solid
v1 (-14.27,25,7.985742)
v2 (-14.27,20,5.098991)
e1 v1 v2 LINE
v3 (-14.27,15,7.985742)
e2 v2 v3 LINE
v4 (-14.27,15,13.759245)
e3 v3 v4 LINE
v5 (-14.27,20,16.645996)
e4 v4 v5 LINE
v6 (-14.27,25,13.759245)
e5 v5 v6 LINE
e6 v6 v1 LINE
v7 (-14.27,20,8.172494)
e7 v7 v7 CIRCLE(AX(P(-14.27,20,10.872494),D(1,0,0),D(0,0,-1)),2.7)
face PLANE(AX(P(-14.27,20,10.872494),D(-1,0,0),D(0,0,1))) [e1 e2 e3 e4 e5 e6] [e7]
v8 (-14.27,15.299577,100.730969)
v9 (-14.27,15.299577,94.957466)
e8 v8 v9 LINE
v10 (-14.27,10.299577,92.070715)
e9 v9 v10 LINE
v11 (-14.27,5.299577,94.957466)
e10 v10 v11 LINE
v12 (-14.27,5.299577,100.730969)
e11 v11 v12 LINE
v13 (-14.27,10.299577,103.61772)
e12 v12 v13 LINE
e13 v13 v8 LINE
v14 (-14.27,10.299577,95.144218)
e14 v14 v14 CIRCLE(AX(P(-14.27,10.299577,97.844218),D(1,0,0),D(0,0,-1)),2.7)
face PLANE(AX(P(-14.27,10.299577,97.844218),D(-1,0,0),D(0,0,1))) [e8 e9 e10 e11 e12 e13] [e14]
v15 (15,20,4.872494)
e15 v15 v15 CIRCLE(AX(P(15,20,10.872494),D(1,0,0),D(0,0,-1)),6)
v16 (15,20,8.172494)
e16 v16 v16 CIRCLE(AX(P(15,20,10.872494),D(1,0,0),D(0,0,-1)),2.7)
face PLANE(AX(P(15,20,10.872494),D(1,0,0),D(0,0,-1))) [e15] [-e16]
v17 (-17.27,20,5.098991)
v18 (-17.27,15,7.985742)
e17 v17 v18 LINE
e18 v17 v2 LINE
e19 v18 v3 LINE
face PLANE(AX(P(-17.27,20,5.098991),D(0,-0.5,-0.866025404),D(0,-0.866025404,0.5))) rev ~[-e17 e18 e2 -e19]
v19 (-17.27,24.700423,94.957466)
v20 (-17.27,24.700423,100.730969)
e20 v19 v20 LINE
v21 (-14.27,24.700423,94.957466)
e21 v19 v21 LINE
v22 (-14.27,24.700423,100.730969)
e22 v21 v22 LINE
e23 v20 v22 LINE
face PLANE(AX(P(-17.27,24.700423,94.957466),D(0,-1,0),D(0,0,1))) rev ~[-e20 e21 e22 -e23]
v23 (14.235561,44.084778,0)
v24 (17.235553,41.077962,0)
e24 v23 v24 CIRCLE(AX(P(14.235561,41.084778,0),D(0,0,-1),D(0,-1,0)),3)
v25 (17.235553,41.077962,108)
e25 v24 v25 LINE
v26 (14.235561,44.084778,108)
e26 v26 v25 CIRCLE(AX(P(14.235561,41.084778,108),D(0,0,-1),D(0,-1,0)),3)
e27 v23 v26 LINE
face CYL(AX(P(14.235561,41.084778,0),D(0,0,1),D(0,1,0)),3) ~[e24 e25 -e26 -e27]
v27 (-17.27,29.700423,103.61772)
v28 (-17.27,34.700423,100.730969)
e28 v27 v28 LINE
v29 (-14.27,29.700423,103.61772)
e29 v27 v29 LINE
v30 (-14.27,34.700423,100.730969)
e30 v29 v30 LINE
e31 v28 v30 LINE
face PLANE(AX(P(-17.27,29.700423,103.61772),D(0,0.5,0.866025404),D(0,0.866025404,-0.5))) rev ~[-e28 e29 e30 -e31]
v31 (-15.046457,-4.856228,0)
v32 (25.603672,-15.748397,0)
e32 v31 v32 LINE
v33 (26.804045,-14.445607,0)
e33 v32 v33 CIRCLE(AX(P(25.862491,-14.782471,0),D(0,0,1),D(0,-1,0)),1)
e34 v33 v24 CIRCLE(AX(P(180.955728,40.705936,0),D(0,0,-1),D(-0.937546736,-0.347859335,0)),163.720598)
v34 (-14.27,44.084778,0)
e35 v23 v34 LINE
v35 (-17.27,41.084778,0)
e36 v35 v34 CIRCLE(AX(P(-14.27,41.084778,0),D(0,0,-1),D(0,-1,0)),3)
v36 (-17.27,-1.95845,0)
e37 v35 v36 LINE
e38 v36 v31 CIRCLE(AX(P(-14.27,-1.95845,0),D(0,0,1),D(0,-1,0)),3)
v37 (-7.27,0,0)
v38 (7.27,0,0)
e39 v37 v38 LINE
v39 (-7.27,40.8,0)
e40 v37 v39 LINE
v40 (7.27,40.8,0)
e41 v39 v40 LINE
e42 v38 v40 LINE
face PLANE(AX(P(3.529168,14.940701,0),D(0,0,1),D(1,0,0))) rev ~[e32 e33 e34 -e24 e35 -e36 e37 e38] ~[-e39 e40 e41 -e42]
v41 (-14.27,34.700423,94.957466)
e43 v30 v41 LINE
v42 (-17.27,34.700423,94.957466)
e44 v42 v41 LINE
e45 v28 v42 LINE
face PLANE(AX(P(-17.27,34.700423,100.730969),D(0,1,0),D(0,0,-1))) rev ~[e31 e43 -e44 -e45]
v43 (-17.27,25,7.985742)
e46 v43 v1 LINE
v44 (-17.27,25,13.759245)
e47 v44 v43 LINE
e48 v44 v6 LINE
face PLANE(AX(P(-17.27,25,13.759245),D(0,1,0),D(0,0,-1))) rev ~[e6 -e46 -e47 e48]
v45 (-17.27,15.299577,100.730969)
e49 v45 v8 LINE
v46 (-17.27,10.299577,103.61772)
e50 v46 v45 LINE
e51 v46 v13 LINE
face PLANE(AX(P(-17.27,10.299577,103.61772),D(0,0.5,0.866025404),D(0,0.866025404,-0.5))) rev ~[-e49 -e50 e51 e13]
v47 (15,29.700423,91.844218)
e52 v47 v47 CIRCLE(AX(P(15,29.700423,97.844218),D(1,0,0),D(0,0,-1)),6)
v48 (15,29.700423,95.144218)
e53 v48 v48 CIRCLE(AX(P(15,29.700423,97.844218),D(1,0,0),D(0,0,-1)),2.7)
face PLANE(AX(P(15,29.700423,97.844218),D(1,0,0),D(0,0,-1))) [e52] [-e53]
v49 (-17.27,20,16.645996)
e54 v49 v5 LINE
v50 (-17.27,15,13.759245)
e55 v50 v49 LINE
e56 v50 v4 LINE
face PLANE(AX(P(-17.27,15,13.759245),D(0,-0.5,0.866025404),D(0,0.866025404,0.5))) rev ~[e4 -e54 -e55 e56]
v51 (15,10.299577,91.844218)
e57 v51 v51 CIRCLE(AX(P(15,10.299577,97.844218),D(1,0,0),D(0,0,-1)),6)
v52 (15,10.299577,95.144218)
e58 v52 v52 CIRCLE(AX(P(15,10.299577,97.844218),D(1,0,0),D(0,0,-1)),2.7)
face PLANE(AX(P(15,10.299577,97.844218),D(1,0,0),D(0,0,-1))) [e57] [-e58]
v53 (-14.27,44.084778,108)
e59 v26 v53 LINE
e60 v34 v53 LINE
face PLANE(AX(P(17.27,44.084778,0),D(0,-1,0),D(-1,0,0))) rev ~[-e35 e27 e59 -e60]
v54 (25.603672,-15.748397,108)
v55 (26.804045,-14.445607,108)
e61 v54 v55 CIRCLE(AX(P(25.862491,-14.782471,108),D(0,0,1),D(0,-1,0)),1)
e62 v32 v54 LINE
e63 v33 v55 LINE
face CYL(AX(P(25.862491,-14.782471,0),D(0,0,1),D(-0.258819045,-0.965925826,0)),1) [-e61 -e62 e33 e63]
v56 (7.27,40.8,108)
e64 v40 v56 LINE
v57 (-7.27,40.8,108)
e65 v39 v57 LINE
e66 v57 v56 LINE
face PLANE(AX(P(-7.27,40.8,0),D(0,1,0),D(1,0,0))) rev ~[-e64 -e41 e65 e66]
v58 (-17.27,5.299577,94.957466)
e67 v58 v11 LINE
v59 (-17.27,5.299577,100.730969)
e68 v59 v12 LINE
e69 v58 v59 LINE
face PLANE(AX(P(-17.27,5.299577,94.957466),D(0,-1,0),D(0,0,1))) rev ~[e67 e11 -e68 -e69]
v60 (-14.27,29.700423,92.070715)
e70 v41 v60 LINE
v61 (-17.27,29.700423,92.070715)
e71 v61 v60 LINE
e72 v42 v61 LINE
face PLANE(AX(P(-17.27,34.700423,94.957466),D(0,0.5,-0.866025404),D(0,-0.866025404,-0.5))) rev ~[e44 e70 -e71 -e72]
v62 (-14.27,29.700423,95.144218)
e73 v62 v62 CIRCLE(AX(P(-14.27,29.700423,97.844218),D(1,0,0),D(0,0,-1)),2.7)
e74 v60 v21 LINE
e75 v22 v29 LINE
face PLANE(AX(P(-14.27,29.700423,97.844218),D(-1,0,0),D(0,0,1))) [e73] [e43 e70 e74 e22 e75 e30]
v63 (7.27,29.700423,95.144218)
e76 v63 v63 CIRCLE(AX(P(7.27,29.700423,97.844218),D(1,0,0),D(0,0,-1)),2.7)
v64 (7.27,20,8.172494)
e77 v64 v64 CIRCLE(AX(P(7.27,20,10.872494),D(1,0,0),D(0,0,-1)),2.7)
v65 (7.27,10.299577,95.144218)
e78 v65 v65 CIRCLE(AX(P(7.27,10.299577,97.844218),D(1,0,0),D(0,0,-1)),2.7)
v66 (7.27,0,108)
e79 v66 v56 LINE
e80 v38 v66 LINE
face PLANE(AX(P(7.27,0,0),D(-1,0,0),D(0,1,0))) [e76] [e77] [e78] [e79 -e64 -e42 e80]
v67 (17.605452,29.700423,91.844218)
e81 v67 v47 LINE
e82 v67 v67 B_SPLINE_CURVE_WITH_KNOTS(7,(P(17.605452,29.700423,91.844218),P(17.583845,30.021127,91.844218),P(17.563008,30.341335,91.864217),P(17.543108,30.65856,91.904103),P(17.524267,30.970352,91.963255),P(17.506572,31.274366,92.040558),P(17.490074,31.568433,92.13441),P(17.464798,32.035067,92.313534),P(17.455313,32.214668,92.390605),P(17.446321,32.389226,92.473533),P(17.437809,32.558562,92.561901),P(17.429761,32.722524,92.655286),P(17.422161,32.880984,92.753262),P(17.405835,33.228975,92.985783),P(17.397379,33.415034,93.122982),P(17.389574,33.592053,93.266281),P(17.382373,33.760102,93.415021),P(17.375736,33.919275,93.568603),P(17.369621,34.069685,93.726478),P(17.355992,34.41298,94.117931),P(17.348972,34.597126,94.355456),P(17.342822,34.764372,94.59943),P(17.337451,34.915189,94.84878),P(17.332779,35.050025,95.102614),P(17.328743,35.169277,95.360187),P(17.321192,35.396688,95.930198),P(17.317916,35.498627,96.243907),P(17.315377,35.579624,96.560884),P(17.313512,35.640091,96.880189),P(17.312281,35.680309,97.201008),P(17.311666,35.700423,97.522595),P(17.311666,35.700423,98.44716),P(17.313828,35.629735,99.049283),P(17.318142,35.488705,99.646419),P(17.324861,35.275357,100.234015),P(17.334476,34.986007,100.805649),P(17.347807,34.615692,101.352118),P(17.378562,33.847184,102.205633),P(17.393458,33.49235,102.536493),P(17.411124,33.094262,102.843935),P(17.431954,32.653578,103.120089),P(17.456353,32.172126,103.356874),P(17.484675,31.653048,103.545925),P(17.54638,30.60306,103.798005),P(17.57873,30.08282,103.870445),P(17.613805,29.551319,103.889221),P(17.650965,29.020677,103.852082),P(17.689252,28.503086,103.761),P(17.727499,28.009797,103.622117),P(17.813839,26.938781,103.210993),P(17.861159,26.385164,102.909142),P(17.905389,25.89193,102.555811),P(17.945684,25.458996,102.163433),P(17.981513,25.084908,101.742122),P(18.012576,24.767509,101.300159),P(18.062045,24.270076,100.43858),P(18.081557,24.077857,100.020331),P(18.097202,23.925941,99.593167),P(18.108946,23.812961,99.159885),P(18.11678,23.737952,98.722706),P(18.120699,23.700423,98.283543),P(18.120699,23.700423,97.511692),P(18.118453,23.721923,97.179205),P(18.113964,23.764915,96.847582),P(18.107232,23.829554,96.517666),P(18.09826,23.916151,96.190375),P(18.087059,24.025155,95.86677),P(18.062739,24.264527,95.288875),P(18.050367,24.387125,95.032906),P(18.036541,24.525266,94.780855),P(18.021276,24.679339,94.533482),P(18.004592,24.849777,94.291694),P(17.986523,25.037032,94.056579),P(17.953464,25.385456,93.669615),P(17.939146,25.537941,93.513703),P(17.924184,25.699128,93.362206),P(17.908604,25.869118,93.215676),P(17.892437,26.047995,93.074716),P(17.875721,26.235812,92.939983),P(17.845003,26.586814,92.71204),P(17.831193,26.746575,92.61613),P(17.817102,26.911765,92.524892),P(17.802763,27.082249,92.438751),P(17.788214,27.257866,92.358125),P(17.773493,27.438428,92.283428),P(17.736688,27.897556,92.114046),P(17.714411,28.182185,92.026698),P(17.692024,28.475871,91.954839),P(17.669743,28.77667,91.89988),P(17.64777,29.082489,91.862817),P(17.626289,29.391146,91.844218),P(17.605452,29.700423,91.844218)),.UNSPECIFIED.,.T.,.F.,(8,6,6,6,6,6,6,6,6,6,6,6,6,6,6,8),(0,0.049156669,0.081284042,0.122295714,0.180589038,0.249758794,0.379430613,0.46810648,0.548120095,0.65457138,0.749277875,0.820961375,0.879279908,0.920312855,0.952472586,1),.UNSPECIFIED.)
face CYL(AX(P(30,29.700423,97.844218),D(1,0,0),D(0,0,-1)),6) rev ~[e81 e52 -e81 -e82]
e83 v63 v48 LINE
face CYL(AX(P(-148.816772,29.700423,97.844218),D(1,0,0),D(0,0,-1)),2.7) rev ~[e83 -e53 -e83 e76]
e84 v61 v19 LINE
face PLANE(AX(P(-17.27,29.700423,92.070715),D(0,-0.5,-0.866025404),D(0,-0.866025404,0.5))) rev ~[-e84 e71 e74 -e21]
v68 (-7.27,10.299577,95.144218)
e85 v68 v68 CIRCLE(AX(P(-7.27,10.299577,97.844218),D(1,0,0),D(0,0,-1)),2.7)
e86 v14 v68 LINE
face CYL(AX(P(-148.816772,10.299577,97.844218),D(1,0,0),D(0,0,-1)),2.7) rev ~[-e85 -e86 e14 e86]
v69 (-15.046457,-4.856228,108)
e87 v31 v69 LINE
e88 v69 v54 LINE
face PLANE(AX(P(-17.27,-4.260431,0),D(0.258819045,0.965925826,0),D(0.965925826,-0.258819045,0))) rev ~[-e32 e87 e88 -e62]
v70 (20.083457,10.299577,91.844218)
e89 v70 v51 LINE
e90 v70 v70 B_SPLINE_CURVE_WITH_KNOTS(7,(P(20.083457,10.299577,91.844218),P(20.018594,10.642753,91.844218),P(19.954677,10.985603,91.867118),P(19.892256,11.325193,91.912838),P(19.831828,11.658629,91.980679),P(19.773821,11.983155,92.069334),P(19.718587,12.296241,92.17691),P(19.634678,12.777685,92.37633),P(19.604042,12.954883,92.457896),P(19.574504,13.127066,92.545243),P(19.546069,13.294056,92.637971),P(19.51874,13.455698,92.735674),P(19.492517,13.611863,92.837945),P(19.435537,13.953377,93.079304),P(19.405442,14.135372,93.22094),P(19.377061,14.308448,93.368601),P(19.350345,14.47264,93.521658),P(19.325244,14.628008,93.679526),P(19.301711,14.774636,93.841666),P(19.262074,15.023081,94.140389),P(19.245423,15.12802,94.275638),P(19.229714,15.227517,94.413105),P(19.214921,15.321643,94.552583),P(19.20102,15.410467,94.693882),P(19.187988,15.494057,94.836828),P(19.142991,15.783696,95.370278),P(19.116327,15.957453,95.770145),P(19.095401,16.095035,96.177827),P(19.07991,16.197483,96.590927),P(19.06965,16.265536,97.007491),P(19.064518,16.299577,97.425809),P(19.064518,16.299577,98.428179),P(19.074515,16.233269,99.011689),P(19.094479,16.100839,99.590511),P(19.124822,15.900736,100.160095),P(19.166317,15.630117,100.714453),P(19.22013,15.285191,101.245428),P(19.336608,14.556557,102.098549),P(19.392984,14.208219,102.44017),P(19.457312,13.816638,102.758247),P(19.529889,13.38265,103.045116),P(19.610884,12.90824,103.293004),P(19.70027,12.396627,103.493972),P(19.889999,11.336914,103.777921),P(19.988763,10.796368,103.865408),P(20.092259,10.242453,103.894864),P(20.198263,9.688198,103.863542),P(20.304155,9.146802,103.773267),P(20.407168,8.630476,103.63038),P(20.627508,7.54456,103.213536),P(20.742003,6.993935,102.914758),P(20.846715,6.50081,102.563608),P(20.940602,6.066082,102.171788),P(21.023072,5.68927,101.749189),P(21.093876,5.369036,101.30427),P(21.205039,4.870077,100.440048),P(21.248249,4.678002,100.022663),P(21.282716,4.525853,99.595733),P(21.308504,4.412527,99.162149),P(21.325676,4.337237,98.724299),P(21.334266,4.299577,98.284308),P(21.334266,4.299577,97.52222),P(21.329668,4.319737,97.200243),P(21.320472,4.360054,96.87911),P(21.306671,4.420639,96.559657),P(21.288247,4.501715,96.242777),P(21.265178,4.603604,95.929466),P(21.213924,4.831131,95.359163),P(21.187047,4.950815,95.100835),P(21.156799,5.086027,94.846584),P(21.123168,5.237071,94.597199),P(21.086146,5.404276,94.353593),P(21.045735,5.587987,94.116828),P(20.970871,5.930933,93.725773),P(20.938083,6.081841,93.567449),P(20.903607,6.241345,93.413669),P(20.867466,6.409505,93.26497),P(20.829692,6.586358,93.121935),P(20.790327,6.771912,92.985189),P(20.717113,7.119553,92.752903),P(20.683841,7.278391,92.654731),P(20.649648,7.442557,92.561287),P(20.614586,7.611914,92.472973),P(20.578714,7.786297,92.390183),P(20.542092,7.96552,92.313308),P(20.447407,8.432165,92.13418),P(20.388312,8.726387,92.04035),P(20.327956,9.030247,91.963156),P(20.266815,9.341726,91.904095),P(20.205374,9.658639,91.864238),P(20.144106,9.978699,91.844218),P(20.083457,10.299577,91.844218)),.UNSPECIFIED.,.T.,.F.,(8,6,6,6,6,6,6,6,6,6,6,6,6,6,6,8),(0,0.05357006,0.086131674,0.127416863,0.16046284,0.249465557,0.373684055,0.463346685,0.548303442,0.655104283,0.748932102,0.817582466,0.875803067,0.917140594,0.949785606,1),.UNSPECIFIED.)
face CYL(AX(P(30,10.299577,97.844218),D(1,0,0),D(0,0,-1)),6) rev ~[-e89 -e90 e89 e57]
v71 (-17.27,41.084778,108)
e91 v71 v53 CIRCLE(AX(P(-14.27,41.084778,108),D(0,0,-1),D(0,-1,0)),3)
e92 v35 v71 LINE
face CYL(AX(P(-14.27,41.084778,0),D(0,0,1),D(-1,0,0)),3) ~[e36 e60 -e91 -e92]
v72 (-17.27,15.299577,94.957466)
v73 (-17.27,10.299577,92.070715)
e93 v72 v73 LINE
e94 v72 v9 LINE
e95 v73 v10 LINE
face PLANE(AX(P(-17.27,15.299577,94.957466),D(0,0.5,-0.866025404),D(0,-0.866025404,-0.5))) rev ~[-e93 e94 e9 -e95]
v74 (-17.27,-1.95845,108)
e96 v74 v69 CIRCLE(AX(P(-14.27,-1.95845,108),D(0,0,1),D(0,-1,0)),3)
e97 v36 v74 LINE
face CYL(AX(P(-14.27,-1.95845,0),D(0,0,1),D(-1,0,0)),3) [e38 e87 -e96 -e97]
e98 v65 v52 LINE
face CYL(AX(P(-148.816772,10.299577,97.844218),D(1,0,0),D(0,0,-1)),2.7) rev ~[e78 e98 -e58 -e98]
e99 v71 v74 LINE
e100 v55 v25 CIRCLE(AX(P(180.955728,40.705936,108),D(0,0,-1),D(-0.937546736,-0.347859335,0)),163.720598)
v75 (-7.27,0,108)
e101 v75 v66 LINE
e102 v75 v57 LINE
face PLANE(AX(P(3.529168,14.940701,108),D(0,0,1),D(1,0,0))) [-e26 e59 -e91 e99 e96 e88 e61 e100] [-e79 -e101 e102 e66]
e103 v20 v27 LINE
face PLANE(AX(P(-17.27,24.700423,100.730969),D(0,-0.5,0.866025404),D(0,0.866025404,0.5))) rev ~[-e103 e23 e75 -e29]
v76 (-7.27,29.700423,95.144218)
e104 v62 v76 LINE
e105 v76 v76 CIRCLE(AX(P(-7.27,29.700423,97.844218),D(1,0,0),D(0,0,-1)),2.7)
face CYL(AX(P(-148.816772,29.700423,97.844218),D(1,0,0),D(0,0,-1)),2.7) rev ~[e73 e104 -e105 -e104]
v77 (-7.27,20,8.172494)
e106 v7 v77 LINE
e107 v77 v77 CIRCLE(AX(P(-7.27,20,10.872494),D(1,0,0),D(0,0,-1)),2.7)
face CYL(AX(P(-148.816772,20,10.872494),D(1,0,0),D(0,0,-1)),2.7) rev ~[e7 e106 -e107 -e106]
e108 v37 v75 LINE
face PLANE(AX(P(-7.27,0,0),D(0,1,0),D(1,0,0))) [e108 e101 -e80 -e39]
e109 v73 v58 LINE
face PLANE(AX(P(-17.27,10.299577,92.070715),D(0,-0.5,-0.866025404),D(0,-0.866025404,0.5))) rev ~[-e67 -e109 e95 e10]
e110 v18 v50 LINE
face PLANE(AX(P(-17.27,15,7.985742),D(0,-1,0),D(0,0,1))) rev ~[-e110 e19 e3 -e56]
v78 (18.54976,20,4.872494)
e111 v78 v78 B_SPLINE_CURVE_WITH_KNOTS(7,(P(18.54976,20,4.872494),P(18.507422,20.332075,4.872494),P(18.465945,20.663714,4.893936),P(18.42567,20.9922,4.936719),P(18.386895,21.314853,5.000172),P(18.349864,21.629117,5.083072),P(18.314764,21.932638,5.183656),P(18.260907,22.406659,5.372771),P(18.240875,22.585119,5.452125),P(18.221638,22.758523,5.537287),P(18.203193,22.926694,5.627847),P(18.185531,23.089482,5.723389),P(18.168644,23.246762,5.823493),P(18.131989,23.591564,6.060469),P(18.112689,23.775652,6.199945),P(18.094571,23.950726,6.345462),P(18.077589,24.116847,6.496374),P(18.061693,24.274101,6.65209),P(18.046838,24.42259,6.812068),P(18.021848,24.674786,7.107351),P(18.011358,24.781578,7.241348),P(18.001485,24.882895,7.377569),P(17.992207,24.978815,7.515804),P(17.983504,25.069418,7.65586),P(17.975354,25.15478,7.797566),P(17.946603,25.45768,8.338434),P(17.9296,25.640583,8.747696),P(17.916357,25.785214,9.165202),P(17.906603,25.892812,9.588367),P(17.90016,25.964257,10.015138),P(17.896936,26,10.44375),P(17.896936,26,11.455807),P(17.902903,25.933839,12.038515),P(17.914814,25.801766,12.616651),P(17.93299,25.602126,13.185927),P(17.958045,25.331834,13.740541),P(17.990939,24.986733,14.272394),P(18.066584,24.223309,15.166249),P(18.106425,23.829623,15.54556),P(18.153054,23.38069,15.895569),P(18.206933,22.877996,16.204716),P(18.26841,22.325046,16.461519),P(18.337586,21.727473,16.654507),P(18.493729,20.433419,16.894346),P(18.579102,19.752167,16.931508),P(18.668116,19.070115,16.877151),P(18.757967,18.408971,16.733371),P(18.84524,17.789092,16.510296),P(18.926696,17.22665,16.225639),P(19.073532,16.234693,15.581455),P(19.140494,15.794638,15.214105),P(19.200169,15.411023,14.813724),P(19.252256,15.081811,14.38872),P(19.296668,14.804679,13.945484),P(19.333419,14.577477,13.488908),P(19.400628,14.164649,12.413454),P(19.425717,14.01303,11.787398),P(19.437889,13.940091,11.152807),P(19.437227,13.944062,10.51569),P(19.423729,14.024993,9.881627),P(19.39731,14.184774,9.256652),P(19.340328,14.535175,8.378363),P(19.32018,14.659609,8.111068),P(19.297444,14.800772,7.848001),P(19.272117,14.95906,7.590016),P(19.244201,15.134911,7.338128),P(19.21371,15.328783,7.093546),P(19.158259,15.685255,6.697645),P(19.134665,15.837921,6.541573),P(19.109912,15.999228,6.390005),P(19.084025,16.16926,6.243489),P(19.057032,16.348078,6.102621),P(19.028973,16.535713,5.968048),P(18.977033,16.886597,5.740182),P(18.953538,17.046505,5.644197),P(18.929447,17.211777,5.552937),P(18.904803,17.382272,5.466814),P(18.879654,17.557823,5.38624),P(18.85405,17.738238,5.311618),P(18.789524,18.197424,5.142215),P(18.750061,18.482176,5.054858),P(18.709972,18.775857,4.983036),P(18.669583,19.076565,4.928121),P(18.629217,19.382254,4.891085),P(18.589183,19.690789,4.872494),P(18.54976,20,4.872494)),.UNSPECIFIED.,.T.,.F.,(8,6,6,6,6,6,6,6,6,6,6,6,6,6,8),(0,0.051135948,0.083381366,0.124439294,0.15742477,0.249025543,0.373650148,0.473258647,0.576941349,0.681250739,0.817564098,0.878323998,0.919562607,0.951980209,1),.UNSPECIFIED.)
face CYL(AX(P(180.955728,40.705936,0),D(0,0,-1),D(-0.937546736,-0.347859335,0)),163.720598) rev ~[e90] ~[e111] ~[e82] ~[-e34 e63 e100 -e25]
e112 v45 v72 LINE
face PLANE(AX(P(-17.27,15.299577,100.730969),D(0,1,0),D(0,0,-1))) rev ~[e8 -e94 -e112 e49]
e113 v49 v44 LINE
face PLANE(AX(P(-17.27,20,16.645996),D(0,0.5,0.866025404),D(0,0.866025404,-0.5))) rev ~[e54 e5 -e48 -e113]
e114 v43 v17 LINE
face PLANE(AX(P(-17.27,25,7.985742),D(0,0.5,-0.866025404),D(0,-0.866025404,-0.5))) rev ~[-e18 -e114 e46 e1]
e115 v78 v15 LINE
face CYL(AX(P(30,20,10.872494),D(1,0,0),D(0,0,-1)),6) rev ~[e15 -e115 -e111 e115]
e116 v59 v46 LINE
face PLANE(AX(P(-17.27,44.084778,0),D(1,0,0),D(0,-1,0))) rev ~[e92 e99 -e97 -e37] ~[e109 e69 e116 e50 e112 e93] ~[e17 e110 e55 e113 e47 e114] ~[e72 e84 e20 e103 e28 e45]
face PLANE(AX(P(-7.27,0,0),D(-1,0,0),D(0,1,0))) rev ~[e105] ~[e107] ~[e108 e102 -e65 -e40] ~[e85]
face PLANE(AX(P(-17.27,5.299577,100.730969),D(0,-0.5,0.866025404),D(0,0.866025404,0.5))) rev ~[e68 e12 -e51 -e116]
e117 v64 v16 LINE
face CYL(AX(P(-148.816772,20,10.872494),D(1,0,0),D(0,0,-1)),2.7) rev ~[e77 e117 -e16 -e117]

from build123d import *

# Parameters (mm, degrees)
ESQUISSE1_W             = 14.54
ESQUISSE1_H             = 40.8
BOSS_EXTRU_1_DEPTH      = 108
D_GAGEMENT_M1_62_D      = 5.4
CONG_1_R                = 3
CONG_2_R                = 1
ESQUISSE6_R             = 6
ENL_V_MAT_EXTRU_1_DEPTH = 15
ENL_V_MAT_EXTRU_2_DEPTH = 3


with BuildPart() as part:
    # Esquisse1 → Boss.-Extru.1 (new body)
    with BuildSketch(Plane.XY):
        with BuildLine():
            Line((-17.27, 44.084778495), (-17.27, -4.260431004))
            Line((-17.27, -4.260431004), (27.460015919, -16.245802647))
            ThreePointArc((27.460015919, -16.245802647), (19.521650941, 13.439236404), (17.27, 44.084778495))
            Line((17.27, 44.084778495), (-17.27, 44.084778495))
        make_face()
        with Locations((0, 20.4)):
            Rectangle(ESQUISSE1_W, ESQUISSE1_H, mode=Mode.SUBTRACT)
    extrude(amount=BOSS_EXTRU_1_DEPTH)

    # Dégagement M1.62 (through all)
    with Locations(Plane.ZY.offset(17.27)):
        with Locations((10.872493666, 20), (97.844217786, 29.700422986), (97.844217786, 10.299577014)):
            Hole(D_GAGEMENT_M1_62_D / 2)

    # Congé1
    cong_1_edges = [part.edges().sort_by_distance(p)[0] for p in [
        (17.27, 44.084778495, 54),
        (-17.27, -4.260431004, 54),
        (-17.27, 44.084778495, 54),
    ]]
    fillet(cong_1_edges, radius=CONG_1_R)

    # Congé2
    cong_2_edges = [part.edges().sort_by_distance(p)[0] for p in [
        (27.460015919, -16.245802647, 54),
    ]]
    fillet(cong_2_edges, radius=CONG_2_R)

    # Esquisse6 → Enlèv. mat.-Extru.1 (cut)
    with BuildSketch(Plane(origin=(30, 0, 0), x_dir=(0, 0, -1), z_dir=(1, 0, 0))):
        with Locations((-10.872493666, 20)):
            Circle(ESQUISSE6_R)
        with Locations((-97.844217786, 29.700422986)):
            Circle(ESQUISSE6_R)
        with Locations((-97.844217786, 10.299577014)):
            Circle(ESQUISSE6_R)
    extrude(amount=-ENL_V_MAT_EXTRU_1_DEPTH, mode=Mode.SUBTRACT)

    # Esquisse7 → Enlèv. mat.-Extru.2 (cut)
    with BuildSketch(Plane.ZY.offset(17.27)):
        Polygon((13.759245012, 15), (16.645996358, 20), (13.759245012, 25), (7.98574232, 25), (5.098990974, 20), (7.98574232, 15), align=None)
        Polygon((100.730969132, 24.700422986), (103.617720477, 29.700422986), (100.730969132, 34.700422986), (94.95746644, 34.700422986), (92.070715094, 29.700422986), (94.95746644, 24.700422986), align=None)
        Polygon((100.730969132, 5.299577014), (103.617720477, 10.299577014), (100.730969132, 15.299577014), (94.95746644, 15.299577014), (92.070715094, 10.299577014), (94.95746644, 5.299577014), align=None)
    extrude(amount=-ENL_V_MAT_EXTRU_2_DEPTH, mode=Mode.SUBTRACT)


solid = part.part
